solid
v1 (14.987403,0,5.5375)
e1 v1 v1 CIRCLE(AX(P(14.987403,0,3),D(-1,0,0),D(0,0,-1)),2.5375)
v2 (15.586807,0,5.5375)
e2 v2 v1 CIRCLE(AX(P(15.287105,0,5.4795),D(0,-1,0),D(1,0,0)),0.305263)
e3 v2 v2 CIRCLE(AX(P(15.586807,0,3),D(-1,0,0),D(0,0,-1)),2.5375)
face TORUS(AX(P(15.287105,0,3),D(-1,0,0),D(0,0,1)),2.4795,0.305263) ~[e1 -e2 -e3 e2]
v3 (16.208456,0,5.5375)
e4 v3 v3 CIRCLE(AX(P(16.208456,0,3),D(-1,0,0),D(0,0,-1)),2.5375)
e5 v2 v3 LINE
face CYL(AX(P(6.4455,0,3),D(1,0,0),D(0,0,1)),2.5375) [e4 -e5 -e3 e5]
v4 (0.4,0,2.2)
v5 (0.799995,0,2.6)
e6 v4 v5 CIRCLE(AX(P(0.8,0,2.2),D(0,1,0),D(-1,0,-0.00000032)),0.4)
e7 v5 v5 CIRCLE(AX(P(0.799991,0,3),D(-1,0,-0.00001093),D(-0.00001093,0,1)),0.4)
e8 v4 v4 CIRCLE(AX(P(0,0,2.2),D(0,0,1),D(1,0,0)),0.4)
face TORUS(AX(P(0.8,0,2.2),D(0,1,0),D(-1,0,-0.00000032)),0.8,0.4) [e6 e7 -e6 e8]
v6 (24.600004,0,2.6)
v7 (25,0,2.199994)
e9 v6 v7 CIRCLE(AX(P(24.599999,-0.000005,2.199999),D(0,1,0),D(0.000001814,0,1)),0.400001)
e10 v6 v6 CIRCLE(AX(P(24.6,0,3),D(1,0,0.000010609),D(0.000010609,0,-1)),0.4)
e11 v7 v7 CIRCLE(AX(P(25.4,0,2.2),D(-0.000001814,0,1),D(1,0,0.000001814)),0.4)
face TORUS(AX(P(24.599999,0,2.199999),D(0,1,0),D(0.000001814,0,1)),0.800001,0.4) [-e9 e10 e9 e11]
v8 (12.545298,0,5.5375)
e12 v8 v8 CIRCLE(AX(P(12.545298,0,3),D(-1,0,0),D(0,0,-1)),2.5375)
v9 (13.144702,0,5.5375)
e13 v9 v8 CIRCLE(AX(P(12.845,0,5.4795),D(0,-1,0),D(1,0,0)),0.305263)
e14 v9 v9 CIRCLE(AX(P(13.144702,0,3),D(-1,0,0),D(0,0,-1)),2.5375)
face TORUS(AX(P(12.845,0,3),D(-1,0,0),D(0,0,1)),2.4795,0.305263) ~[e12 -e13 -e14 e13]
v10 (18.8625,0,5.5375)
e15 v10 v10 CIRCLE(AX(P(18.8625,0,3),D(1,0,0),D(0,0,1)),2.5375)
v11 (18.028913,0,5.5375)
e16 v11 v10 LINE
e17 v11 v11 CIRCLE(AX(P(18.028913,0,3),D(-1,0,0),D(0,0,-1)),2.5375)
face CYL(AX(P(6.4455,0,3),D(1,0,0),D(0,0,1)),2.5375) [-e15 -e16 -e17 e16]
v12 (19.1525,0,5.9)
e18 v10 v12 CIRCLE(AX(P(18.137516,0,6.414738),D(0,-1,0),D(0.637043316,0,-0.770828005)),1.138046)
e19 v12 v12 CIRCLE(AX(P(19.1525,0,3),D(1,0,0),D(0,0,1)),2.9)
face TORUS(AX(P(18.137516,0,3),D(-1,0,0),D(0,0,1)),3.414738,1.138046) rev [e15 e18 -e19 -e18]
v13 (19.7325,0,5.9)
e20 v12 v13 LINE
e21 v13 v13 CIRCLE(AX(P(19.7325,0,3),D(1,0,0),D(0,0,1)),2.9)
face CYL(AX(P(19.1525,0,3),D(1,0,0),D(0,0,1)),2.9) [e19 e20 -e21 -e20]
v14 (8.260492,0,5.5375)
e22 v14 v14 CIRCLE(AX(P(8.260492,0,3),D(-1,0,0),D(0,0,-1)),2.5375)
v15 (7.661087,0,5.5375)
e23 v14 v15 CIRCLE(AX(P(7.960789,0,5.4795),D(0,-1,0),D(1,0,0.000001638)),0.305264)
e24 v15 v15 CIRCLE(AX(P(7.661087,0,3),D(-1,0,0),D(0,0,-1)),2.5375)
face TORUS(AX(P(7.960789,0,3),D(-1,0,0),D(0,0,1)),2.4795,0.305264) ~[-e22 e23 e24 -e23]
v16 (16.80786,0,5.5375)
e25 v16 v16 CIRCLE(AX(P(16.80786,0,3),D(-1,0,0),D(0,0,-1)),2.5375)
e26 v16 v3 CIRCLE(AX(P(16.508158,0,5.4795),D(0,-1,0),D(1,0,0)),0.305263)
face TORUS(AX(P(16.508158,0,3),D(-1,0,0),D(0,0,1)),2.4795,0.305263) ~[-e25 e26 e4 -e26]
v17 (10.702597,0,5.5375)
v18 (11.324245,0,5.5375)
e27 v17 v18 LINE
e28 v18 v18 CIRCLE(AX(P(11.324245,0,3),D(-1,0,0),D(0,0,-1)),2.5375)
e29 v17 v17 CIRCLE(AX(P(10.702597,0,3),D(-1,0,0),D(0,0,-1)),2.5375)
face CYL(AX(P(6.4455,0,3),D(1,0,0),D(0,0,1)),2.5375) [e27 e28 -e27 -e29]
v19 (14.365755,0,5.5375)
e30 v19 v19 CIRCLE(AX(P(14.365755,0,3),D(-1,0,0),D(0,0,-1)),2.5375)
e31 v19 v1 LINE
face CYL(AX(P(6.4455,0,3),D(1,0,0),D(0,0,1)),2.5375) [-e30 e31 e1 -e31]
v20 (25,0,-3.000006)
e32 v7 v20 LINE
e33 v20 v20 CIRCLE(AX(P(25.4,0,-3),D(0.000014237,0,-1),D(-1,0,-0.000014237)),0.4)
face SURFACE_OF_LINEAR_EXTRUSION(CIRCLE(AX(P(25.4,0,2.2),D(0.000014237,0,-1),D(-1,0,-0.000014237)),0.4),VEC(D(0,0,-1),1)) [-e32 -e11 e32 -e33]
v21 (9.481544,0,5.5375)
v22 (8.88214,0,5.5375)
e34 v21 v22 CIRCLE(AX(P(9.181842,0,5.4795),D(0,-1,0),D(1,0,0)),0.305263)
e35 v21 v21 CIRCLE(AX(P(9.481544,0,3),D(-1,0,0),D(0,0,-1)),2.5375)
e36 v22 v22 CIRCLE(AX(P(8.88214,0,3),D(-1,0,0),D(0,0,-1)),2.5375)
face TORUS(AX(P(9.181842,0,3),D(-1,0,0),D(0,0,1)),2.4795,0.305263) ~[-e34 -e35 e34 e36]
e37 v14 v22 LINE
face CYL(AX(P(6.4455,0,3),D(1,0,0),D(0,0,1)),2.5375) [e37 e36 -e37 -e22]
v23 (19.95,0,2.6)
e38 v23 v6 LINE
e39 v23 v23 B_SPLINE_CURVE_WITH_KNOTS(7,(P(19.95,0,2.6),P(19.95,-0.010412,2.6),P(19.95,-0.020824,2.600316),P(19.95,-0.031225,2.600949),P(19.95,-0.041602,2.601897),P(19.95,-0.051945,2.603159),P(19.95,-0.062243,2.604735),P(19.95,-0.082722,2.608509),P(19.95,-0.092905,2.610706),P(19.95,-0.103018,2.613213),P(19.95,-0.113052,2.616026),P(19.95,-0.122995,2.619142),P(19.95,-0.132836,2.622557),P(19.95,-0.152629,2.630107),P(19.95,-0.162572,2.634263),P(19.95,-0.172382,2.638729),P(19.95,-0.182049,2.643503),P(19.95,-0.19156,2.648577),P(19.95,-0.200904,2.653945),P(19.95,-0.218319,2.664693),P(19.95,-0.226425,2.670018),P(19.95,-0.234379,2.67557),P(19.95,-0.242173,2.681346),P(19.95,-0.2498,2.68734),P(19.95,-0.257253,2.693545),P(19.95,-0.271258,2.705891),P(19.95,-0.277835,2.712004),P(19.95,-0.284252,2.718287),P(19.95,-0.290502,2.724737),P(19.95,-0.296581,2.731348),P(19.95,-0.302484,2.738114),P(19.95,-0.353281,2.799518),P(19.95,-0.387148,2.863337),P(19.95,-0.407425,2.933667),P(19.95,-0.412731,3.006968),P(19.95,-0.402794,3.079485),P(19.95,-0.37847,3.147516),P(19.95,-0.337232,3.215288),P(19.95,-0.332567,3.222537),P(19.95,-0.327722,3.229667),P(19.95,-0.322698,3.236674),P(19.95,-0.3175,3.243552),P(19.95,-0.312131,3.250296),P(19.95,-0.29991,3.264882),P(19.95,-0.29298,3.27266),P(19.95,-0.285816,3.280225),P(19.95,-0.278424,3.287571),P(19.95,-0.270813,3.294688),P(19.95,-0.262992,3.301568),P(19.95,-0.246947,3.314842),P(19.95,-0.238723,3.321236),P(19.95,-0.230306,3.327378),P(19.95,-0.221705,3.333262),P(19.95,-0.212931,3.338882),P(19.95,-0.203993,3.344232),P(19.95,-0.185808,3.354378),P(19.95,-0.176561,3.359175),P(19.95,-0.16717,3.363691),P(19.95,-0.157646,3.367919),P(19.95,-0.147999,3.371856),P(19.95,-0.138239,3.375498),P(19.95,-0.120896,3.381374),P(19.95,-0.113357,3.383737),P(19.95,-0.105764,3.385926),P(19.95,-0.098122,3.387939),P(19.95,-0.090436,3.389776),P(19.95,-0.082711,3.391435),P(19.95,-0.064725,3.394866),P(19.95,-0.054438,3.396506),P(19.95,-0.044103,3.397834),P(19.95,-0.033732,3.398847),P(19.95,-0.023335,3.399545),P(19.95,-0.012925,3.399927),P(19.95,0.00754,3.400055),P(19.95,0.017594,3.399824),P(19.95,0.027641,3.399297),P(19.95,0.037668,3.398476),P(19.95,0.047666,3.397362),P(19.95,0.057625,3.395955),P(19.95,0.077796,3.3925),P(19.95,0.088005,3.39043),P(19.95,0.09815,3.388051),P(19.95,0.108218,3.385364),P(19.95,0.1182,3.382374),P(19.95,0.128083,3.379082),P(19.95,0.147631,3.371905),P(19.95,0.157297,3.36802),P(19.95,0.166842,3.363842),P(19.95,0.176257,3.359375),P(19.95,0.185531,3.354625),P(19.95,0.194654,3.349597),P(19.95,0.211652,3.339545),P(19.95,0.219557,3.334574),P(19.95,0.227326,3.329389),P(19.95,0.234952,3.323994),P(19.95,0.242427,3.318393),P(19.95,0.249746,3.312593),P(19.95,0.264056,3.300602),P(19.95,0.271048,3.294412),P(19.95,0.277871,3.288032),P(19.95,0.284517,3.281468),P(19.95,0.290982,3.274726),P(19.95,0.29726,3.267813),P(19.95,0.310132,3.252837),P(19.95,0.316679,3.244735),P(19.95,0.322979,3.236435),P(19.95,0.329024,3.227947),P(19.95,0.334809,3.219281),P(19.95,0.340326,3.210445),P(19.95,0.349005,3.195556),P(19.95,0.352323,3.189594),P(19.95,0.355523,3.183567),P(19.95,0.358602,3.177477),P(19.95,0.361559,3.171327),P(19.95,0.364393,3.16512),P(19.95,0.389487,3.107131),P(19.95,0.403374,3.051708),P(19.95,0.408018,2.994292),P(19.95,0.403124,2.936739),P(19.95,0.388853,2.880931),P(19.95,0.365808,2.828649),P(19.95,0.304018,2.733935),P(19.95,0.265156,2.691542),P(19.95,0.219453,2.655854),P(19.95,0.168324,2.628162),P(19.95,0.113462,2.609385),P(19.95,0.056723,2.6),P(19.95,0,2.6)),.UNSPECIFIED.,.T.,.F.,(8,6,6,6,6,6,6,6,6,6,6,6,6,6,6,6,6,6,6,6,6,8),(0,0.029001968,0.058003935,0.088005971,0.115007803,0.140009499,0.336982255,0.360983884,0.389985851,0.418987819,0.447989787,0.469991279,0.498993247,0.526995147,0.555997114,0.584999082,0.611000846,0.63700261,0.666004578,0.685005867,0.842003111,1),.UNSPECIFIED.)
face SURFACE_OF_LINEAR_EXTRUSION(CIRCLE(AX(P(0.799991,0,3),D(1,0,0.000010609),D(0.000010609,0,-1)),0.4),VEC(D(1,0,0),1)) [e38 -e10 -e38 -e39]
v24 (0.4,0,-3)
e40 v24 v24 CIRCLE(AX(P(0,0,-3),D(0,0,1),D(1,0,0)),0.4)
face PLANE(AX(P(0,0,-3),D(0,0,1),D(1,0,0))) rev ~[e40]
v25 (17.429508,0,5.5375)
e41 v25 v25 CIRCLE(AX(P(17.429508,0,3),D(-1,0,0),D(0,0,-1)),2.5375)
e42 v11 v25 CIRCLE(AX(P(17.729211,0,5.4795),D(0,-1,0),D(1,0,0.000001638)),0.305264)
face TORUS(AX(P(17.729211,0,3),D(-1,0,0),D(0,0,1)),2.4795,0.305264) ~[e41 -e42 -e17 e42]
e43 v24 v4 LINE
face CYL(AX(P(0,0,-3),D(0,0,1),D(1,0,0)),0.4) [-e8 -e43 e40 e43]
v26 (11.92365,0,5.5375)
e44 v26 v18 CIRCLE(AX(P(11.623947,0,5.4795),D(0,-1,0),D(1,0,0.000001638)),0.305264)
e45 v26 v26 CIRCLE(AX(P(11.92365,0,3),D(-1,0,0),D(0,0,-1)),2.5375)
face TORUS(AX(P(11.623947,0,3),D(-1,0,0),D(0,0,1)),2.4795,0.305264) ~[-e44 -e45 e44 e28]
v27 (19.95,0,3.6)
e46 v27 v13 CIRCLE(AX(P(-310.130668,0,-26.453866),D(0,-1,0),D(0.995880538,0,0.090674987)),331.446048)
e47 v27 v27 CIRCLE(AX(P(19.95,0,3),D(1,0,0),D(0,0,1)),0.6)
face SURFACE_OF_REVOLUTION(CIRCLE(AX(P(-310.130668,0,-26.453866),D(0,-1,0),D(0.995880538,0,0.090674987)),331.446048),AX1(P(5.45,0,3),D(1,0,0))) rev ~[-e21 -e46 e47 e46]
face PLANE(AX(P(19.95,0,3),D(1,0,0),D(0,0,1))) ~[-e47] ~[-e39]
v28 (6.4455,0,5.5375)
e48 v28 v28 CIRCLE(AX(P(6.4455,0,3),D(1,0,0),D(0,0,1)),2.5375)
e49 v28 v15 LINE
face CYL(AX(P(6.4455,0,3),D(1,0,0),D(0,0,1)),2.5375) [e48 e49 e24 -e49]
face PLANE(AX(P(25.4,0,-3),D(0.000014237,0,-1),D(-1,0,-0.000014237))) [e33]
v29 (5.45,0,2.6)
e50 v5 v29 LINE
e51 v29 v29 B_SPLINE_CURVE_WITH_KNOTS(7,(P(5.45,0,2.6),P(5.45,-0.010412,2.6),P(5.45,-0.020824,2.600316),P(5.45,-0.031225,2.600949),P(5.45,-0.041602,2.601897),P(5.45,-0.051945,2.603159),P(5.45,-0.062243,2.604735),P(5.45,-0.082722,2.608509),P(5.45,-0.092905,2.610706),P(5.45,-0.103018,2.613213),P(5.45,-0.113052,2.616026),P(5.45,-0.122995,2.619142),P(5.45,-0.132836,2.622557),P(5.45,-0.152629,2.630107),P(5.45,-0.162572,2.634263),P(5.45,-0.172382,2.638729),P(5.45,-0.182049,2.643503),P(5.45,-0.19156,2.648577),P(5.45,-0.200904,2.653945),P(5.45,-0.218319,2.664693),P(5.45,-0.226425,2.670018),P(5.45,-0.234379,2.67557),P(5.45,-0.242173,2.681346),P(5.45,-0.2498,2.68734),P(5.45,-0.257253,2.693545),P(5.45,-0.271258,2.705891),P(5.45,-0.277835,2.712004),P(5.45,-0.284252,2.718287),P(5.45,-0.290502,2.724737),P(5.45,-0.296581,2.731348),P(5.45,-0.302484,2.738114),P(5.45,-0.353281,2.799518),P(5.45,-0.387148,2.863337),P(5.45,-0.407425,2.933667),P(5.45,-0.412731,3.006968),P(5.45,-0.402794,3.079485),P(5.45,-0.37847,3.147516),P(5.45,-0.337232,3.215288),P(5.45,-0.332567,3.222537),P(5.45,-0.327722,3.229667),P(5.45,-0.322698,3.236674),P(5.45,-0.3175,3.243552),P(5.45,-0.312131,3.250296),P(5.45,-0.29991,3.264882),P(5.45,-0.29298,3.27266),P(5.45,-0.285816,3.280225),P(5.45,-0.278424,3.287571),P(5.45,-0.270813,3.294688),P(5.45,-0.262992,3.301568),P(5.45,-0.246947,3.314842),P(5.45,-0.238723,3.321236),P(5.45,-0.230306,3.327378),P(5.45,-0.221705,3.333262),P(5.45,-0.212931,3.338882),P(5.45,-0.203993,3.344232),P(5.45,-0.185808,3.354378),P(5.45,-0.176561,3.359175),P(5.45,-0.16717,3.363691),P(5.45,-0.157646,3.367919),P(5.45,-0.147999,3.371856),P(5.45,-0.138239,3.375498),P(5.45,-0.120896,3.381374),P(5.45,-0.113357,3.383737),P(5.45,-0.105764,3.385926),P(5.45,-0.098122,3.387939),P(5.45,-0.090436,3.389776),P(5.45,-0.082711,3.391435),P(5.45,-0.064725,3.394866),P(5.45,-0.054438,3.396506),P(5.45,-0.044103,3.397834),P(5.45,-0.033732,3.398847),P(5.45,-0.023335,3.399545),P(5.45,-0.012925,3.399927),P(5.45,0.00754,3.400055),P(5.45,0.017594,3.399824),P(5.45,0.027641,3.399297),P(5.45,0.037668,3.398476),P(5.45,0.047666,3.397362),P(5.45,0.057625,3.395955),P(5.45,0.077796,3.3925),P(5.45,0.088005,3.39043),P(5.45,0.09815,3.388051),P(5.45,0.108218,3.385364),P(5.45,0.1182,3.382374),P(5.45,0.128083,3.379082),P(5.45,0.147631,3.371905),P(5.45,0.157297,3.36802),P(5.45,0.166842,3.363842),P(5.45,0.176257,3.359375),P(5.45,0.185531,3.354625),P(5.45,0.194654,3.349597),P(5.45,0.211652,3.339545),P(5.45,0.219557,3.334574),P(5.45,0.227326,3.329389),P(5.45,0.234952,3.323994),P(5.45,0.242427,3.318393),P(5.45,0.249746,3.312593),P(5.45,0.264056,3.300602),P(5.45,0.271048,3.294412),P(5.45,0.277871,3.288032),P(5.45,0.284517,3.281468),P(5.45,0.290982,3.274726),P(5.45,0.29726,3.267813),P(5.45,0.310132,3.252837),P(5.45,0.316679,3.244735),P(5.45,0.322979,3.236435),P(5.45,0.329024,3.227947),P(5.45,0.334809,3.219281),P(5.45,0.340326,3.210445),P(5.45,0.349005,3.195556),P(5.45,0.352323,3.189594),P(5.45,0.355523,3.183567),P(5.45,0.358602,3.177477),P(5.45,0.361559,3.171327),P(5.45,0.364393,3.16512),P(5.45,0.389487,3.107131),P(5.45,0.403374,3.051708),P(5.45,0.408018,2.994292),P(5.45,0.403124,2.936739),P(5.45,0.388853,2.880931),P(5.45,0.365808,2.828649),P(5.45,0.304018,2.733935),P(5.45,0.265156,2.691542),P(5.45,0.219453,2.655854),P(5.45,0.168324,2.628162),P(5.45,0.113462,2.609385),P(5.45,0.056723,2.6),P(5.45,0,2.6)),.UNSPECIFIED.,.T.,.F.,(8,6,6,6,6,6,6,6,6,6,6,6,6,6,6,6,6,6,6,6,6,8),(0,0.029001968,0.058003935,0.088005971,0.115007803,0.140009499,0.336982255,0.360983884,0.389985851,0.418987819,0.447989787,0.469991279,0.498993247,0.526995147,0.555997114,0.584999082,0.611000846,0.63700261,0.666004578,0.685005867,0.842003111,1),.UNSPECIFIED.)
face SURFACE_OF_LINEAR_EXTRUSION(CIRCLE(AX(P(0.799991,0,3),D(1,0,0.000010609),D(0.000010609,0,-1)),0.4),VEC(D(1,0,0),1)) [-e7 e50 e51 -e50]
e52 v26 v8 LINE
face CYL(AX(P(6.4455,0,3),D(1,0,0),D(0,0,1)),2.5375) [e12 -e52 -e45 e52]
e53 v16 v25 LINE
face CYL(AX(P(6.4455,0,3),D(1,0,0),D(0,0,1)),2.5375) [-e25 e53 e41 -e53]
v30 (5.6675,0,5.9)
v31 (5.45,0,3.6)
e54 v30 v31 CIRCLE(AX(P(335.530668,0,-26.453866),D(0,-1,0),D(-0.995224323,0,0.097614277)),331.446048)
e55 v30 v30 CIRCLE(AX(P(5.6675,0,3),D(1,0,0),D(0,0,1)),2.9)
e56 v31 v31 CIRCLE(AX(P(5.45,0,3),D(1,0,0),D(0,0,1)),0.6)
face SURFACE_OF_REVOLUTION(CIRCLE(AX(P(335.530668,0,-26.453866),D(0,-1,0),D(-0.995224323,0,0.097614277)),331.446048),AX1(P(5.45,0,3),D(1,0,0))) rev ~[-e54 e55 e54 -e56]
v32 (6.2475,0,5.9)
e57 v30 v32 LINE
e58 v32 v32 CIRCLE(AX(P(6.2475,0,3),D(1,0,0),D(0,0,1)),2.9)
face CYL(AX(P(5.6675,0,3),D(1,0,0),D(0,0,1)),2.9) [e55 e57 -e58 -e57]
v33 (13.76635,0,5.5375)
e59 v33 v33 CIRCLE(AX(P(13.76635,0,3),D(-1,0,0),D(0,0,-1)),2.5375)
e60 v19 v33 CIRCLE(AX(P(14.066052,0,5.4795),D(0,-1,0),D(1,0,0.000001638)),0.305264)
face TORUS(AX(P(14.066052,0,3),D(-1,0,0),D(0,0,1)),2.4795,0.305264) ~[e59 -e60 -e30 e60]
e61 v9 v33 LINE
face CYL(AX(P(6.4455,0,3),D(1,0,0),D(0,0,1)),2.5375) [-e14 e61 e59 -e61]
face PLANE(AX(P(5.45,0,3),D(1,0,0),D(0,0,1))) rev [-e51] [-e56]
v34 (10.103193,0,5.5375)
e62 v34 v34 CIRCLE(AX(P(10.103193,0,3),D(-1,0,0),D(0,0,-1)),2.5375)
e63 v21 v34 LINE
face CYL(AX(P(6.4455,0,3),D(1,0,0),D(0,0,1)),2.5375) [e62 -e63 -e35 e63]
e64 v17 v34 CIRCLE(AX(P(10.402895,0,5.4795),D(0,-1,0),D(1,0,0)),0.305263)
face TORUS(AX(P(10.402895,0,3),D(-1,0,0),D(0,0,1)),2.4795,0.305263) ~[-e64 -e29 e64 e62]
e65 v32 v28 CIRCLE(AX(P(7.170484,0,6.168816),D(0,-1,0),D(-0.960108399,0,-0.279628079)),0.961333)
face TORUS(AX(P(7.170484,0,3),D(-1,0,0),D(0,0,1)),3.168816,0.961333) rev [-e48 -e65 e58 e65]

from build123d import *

# Parameters (mm, degrees)
SKETCH_R = 0.4


with BuildPart() as sweep_body:
    # Sweep: sweep along a path in Sketch001
    with BuildLine(Plane.XZ) as sweep_path:
        Line((0, -3), (0, 2.2))
        ThreePointArc((0, 2.2), (0.234311, 2.765682), (0.799991, 3))
        Line((0.799991, 3), (24.6, 3))
        ThreePointArc((24.6, 3), (25.165685, 2.765685), (25.4, 2.2))
        Line((25.4, 2.2), (25.4, -3))
    # Sketch → Sweep (sweep)
    with BuildSketch(Plane.XY.offset(-2)):
        Circle(SKETCH_R)
    sweep(path=sweep_path.line)


with BuildPart() as revolution:
    # Sketch002 → Revolution (revolve)
    with BuildSketch(Plane.XZ):
        with BuildLine():
            Line((5.6675, 5.9), (6.2475, 5.9))
            ThreePointArc((6.2475, 5.9), (6.326801, 5.70799), (6.4455, 5.5375))
            Line((6.4455, 5.5375), (18.8625, 5.5375))
            ThreePointArc((18.8625, 5.5375), (19.02618, 5.703806), (19.1525, 5.9))
            Line((19.1525, 5.9), (19.7325, 5.9))
            ThreePointArc((19.95, 3.6), (19.843254, 4.750189), (19.7325, 5.9))
            Line((19.95, 3), (19.95, 3.6))
            Line((5.45, 3), (19.95, 3))
            Line((5.45, 3), (5.45, 3.6))
            ThreePointArc((5.6675, 5.9), (5.556746, 4.750189), (5.45, 3.6))
        make_face()
    revolve(axis=Axis((5.45, 0, 3), (1, 0, 0)))


with BuildPart() as revolution001_mp_cp:
    # Sketch003 → Revolution001 (revolve)
    with BuildSketch(Plane.XZ):
        with BuildLine():
            ThreePointArc((8.266053, 5.4795), (7.960789, 5.784763), (7.655526, 5.4795))
            Line((7.045, 5.4795), (7.655526, 5.4795))
            Line((7.045, 5.4795), (7.045, 4.8995))
            Line((7.045, 4.8995), (18.645, 4.8995))
            Line((18.645, 4.8995), (18.645, 5.4795))
            Line((18.034474, 5.4795), (18.645, 5.4795))
            ThreePointArc((18.034474, 5.4795), (17.729211, 5.784763), (17.423947, 5.4795))
            Line((16.813421, 5.4795), (17.423947, 5.4795))
            ThreePointArc((16.813421, 5.4795), (16.508158, 5.784763), (16.202895, 5.4795))
            Line((15.592368, 5.4795), (16.202895, 5.4795))
            ThreePointArc((15.592368, 5.4795), (15.287105, 5.784763), (14.981842, 5.4795))
            Line((14.371316, 5.4795), (14.981842, 5.4795))
            ThreePointArc((14.371316, 5.4795), (14.066053, 5.784763), (13.760789, 5.4795))
            Line((13.150263, 5.4795), (13.760789, 5.4795))
            ThreePointArc((13.150263, 5.4795), (12.845, 5.784763), (12.539737, 5.4795))
            Line((11.929211, 5.4795), (12.539737, 5.4795))
            ThreePointArc((11.929211, 5.4795), (11.623947, 5.784763), (11.318684, 5.4795))
            Line((10.708158, 5.4795), (11.318684, 5.4795))
            ThreePointArc((10.708158, 5.4795), (10.402895, 5.784763), (10.097632, 5.4795))
            Line((9.487105, 5.4795), (10.097632, 5.4795))
            ThreePointArc((9.487105, 5.4795), (9.181842, 5.784763), (8.876579, 5.4795))
            Line((8.266053, 5.4795), (8.876579, 5.4795))
        make_face()
    revolve(axis=Axis((5.8125, 0, 3), (1, 0, 0)))

    # Revolution001_mp_cp: union Sweep body, Revolution
    add(sweep_body.part)
    add(revolution.part)


solid = revolution001_mp_cp.part
